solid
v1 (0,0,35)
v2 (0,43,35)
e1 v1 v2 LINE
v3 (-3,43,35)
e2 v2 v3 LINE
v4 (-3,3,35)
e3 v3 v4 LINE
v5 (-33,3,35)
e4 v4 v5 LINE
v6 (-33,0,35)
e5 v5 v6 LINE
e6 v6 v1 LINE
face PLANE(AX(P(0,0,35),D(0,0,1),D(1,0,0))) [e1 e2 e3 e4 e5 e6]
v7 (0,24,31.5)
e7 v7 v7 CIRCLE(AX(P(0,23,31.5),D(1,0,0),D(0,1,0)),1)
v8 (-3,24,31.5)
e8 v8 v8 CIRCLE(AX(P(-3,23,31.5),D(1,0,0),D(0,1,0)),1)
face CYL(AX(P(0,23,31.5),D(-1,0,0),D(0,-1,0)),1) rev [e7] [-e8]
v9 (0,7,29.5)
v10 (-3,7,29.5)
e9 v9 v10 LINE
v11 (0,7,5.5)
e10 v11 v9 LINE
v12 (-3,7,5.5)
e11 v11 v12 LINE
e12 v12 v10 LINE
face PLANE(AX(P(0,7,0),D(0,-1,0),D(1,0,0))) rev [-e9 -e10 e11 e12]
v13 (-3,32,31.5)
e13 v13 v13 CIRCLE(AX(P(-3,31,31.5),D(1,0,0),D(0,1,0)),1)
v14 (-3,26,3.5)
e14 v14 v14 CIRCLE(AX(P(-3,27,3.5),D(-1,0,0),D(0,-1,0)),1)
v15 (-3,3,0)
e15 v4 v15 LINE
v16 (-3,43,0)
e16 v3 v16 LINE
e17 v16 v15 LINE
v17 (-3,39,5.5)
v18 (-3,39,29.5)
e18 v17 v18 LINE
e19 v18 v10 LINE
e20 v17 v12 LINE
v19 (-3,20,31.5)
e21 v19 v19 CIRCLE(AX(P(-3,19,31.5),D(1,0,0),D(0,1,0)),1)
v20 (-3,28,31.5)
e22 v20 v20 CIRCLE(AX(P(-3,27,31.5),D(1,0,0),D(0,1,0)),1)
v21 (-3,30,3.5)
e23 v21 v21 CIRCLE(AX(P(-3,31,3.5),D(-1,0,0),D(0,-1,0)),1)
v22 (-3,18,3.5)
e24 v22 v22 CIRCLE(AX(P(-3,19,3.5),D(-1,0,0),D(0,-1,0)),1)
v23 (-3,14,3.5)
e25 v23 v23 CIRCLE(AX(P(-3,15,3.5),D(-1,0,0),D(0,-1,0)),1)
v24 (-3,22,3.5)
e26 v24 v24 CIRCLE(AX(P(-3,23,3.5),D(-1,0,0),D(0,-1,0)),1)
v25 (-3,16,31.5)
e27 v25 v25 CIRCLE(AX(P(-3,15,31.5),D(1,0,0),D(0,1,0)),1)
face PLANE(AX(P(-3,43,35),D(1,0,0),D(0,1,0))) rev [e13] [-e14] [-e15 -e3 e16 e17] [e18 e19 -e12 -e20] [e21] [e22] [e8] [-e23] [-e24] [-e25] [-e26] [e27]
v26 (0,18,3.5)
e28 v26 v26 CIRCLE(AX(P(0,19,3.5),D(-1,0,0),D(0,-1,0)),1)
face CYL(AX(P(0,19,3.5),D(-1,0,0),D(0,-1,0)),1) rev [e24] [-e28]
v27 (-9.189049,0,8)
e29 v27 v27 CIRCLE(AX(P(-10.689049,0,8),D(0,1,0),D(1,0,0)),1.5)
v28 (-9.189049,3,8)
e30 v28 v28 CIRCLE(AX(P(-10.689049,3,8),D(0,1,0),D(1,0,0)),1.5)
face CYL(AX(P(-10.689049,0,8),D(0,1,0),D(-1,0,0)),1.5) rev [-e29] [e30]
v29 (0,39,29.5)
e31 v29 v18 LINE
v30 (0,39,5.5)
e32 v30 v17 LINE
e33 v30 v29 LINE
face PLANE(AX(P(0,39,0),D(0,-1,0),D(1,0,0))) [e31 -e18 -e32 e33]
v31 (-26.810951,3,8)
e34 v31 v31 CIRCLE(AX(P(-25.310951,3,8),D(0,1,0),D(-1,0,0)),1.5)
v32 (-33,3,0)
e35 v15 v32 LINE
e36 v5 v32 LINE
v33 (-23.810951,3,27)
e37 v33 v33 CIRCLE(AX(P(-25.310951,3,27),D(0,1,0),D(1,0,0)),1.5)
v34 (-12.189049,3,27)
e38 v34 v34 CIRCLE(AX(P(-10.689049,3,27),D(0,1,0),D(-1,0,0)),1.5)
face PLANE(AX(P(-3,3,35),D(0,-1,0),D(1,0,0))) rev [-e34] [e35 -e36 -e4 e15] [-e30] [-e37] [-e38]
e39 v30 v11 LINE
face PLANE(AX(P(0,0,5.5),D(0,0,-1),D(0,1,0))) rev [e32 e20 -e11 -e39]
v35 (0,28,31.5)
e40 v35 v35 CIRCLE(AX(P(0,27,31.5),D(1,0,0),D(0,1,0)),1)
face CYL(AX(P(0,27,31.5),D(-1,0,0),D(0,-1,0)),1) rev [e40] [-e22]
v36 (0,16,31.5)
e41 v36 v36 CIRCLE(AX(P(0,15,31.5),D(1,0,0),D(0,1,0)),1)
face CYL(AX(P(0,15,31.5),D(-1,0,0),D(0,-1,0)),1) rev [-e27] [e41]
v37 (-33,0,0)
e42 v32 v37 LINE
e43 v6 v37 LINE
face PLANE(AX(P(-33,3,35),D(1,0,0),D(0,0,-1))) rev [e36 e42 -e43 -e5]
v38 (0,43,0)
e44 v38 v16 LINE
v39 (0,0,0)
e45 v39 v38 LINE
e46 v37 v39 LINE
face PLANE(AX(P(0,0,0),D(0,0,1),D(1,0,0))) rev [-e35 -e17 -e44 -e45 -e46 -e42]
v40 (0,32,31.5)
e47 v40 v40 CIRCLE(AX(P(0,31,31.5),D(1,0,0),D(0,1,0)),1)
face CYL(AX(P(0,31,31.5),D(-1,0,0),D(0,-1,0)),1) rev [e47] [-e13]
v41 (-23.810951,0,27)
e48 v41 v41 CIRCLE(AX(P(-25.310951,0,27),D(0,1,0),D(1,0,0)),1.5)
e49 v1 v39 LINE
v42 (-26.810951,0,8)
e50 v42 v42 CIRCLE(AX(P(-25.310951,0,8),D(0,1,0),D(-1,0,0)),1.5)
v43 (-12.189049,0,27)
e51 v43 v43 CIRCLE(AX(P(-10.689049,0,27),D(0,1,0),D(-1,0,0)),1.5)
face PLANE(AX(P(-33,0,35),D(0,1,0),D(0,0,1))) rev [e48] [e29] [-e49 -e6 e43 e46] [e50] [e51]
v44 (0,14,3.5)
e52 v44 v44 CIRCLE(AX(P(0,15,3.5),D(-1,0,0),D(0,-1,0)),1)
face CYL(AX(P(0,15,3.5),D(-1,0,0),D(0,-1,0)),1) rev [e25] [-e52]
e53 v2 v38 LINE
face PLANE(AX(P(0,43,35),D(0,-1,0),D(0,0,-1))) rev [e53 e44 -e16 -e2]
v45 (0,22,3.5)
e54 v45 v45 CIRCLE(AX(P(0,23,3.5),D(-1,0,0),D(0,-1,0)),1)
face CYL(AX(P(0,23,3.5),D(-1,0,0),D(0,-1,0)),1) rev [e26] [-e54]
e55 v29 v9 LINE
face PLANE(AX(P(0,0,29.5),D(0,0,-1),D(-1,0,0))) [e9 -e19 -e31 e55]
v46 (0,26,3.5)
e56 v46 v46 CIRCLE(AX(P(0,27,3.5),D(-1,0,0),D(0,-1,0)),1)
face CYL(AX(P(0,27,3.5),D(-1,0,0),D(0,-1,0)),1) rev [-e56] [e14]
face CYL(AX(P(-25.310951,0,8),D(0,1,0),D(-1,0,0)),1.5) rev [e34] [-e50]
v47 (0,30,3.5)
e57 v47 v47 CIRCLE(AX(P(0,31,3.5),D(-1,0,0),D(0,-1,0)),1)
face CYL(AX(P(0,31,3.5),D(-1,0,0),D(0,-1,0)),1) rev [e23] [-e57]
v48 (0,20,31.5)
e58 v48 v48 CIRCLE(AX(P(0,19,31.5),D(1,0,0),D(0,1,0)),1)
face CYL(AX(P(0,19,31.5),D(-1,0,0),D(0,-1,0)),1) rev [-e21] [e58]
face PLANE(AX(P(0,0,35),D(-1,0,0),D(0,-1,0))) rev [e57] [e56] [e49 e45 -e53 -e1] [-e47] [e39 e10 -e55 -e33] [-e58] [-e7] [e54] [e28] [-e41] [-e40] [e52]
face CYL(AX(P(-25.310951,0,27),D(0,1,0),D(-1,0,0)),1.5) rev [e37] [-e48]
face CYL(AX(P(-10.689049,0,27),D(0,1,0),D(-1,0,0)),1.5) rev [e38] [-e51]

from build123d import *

# Parameters (mm, degrees)
EXTRUDE_1_DEPTH     = 35
SKETCH_2_W          = 24
SKETCH_2_H          = 32
SKETCH_2_R          = 1
CUT_EXTRUDE_1_DEPTH = 4
SKETCH_3_R          = 1.5
CUT_EXTRUDE_2_DEPTH = 4


with BuildPart() as part:
    # 草图1 → 凸台-拉伸1 (new body)
    with BuildSketch(Plane.XY):
        Polygon((-33, 0), (0, 0), (0, 43), (-3, 43), (-3, 3), (-33, 3), align=None)
    extrude(amount=EXTRUDE_1_DEPTH)

    # 草图2 → 切除-拉伸1 (cut, through all)
    with BuildSketch(Plane.ZY.offset(3)):
        with Locations((17.5, 23)):
            Rectangle(SKETCH_2_W, SKETCH_2_H)
        with Locations((3.5, 31)):
            Circle(SKETCH_2_R)
        with Locations((3.5, 27)):
            Circle(SKETCH_2_R)
        with Locations((3.5, 23)):
            Circle(SKETCH_2_R)
        with Locations((3.5, 19)):
            Circle(SKETCH_2_R)
        with Locations((3.5, 15)):
            Circle(SKETCH_2_R)
        with Locations((31.5, 15)):
            Circle(SKETCH_2_R)
        with Locations((31.5, 19)):
            Circle(SKETCH_2_R)
        with Locations((31.5, 23)):
            Circle(SKETCH_2_R)
        with Locations((31.5, 27)):
            Circle(SKETCH_2_R)
        with Locations((31.5, 31)):
            Circle(SKETCH_2_R)
    extrude(amount=-CUT_EXTRUDE_1_DEPTH, mode=Mode.SUBTRACT)

    # 草图3 → 切除-拉伸2 (cut, through all)
    with BuildSketch(Plane(origin=(0, 3, 0), x_dir=(1, 0, 0), z_dir=(0, 1, 0))):
        with Locations((-25.310950673, -8)):
            Circle(SKETCH_3_R)
        with Locations((-10.689049327, -8)):
            Circle(SKETCH_3_R)
        with Locations((-10.689049327, -27)):
            Circle(SKETCH_3_R)
        with Locations((-25.310950673, -27)):
            Circle(SKETCH_3_R)
    extrude(amount=-CUT_EXTRUDE_2_DEPTH, mode=Mode.SUBTRACT)


solid = part.part
